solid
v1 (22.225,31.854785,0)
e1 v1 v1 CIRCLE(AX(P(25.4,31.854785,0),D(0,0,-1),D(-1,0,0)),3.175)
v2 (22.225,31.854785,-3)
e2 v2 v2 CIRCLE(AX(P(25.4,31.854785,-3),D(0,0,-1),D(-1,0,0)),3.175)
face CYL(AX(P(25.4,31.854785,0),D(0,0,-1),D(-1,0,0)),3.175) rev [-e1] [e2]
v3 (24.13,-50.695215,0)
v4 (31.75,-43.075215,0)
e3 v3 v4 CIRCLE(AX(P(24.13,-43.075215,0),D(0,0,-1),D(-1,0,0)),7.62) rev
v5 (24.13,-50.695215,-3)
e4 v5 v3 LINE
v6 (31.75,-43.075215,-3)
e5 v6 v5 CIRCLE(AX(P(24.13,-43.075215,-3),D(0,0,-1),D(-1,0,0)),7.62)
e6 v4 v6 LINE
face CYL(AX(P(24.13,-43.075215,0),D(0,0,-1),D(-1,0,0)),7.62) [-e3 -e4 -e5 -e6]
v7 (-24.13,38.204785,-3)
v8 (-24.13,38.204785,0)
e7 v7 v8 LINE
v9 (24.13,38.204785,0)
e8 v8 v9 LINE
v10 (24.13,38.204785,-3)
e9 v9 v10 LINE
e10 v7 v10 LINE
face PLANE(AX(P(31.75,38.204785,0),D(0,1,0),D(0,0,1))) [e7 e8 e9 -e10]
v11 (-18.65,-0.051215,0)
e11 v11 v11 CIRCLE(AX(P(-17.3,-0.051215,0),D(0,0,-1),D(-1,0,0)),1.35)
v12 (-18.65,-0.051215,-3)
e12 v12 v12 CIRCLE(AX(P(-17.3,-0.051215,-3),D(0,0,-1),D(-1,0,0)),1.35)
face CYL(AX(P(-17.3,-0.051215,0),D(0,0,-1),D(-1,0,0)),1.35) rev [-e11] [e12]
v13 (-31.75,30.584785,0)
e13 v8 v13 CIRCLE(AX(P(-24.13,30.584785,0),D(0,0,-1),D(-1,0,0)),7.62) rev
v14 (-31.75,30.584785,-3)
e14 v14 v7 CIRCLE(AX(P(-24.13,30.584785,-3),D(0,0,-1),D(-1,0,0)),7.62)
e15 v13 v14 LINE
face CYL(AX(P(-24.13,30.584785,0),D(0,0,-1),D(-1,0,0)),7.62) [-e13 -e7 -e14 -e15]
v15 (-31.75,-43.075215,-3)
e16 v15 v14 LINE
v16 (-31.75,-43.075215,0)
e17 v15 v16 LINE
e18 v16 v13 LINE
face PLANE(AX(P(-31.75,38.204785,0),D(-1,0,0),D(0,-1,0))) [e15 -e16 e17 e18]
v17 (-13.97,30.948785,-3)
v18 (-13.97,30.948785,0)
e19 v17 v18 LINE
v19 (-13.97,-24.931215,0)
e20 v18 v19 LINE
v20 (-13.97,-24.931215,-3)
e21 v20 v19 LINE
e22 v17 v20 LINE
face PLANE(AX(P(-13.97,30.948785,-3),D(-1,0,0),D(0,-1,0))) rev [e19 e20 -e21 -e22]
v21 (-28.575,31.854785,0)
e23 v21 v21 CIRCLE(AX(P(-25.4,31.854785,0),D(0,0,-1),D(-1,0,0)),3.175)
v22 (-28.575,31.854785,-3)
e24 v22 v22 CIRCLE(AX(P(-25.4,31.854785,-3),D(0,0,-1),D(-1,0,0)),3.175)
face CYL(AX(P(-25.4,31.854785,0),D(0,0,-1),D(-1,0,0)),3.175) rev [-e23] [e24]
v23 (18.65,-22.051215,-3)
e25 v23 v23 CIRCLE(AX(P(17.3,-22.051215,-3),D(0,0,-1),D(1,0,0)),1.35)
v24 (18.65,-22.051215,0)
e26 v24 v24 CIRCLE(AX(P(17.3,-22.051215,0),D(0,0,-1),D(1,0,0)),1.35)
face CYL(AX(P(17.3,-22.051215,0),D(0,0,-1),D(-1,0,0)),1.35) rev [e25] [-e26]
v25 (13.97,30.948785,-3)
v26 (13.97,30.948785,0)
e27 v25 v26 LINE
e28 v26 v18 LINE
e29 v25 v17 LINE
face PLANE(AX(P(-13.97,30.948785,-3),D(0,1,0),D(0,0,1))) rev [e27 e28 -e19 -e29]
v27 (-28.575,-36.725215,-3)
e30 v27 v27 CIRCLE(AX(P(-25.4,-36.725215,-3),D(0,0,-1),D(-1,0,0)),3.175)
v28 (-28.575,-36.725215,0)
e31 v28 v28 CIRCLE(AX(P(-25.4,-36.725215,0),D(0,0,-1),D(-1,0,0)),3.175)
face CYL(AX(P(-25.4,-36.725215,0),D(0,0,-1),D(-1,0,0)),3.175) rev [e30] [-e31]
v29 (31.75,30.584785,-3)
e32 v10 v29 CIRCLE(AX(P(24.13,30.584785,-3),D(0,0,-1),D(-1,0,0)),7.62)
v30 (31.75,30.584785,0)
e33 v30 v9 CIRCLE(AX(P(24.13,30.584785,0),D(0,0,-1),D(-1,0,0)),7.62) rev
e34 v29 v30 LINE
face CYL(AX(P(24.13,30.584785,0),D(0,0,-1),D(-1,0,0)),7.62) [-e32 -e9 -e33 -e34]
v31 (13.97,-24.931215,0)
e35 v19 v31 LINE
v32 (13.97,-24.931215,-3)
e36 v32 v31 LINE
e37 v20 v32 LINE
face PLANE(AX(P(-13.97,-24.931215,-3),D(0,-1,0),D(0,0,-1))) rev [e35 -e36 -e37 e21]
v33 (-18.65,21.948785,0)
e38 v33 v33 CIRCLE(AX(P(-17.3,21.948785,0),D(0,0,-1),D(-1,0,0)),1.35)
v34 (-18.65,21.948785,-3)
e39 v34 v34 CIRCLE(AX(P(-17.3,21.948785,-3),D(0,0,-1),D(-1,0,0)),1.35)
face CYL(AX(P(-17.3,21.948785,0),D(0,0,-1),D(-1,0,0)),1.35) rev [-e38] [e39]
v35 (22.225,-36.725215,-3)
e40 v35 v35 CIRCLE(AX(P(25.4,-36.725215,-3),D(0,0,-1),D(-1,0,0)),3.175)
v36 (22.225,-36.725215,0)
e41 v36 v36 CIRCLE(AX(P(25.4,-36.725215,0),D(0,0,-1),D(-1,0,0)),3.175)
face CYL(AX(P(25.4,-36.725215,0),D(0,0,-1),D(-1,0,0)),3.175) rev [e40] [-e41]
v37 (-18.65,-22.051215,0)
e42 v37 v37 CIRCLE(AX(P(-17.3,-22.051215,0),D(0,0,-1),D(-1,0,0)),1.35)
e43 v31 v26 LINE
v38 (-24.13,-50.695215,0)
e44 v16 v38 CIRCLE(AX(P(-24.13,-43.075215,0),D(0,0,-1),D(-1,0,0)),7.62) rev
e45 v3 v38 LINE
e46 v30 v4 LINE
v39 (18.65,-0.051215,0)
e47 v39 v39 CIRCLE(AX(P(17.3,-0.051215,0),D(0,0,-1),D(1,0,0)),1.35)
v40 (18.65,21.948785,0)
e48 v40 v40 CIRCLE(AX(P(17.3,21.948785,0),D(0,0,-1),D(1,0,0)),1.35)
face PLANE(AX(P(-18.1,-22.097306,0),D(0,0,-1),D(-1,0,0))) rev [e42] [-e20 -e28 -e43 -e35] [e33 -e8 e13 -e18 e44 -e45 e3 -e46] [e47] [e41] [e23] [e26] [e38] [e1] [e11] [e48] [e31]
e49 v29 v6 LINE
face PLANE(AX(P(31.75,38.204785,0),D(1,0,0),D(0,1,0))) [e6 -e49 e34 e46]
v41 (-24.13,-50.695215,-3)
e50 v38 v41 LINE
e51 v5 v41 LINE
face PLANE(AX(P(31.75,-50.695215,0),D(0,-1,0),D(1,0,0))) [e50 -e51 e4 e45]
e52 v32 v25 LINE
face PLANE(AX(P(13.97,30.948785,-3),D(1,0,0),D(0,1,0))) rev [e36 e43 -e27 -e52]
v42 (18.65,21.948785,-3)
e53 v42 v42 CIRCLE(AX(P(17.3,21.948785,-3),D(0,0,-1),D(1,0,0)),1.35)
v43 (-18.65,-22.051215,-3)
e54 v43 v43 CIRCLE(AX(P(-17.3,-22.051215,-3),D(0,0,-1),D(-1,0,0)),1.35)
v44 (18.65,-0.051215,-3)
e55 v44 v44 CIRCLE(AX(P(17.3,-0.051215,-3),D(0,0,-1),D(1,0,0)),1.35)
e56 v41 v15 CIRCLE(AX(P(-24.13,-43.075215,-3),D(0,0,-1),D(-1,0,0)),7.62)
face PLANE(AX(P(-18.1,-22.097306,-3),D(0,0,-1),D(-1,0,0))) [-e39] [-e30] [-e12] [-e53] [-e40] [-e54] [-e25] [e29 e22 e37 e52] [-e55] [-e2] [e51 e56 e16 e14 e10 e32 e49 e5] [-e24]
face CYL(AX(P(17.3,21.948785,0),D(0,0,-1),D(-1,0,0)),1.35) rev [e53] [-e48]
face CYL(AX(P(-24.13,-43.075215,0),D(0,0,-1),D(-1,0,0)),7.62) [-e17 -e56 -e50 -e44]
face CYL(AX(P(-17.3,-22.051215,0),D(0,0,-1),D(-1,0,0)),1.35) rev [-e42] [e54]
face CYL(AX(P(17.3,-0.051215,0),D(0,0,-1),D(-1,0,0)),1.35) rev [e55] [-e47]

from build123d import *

# Parameters (mm, degrees)
BOSS_EXTRUDE1_DEPTH = 3
SKETCH2_R           = 1.35
SKETCH2_R_2         = 1.385
CUT_EXTRUDE1_DEPTH  = 37.692131309
SKETCH3_W           = 63.5
SKETCH3_H           = 88.9
SKETCH3_W_2         = 38.321076004
SKETCH3_H_2         = 47.237540142
BOSS_EXTRUDE2_DEPTH = 3
SKETCH5_W           = 27.94
SKETCH5_H           = 55.88
CUT_EXTRUDE3_DEPTH  = 60.892131157
SKETCH6_R           = 3.175
CUT_EXTRUDE4_DEPTH  = 60.892131157
FILLET2_R           = 7.62


with BuildPart() as part:
    # Sketch1 → Boss-Extrude1 (new body)
    with BuildSketch(Plane.XY):
        with BuildLine():
            Line((-19.69889026, 23.2987845), (-14.850045261, 29.75147823))
            ThreePointArc((-14.850045261, 29.75147823), (-14.144755454, 30.339267512), (-13.251155001, 30.55))
            Line((-13.251155001, 30.55), (13.251155001, 30.55))
            ThreePointArc((13.251155001, 30.55), (14.144755454, 30.339267512), (14.850045261, 29.75147823))
            Line((14.850045261, 29.75147823), (19.69889026, 23.2987845))
            ThreePointArc((19.69889026, 23.2987845), (19.997074131, 22.730638521), (20.1, 22.09730627))
            Line((20.1, 22.09730627), (20.1, -22.09730627))
            ThreePointArc((20.1, -22.09730627), (19.997074131, -22.730638521), (19.69889026, -23.2987845))
            Line((19.69889026, -23.2987845), (14.850045261, -29.75147823))
            ThreePointArc((14.850045261, -29.75147823), (14.144755454, -30.339267512), (13.251155001, -30.55))
            Line((13.251155001, -30.55), (-13.251155001, -30.55))
            ThreePointArc((-13.251155001, -30.55), (-14.144755454, -30.339267512), (-14.850045261, -29.75147823))
            Line((-14.850045261, -29.75147823), (-19.69889026, -23.2987845))
            ThreePointArc((-19.69889026, -23.2987845), (-19.997074131, -22.730638521), (-20.1, -22.09730627))
            Line((-20.1, -22.09730627), (-20.1, 22.09730627))
            ThreePointArc((-20.1, 22.09730627), (-19.997074131, 22.730638521), (-19.69889026, 23.2987845))
        make_face()
    extrude(amount=-BOSS_EXTRUDE1_DEPTH)

    # Sketch2 → Cut-Extrude1 (cut, through all)
    with BuildSketch(Plane(origin=(0, 0, -3), x_dir=(-1, 0, 0), z_dir=(0, 0, -1))):
        with Locations((17.3, 21.9487845)):
            Circle(SKETCH2_R)
        with Locations((17.3, -0.0512155)):
            Circle(SKETCH2_R)
        with Locations((17.3, -22.0512155)):
            Circle(SKETCH2_R)
        with Locations((11, -27.75)):
            Circle(SKETCH2_R_2)
        with Locations(Location((-11, -27.75, 0), (0, 0, 180))):
            Circle(SKETCH2_R_2)
        with Locations(Location((-17.3, -22.0512155, 0), (0, 0, 180))):
            Circle(SKETCH2_R)
        with Locations(Location((-17.3, -0.0512155, 0), (0, 0, 180))):
            Circle(SKETCH2_R)
        with Locations(Location((-17.3, 21.9487845, 0), (0, 0, 180))):
            Circle(SKETCH2_R)
    extrude(amount=-CUT_EXTRUDE1_DEPTH, mode=Mode.SUBTRACT)

    # Sketch3 → Boss-Extrude2 (add)
    with BuildSketch(Plane(origin=(0, 0, -3), x_dir=(-1, 0, 0), z_dir=(0, 0, -1))):
        with Locations((0, -6.2452155)):
            Rectangle(SKETCH3_W, SKETCH3_H)
        Rectangle(SKETCH3_W_2, SKETCH3_H_2, mode=Mode.SUBTRACT)
    extrude(amount=-BOSS_EXTRUDE2_DEPTH)

    # Sketch5 → Cut-Extrude3 (cut, through all)
    with BuildSketch(Plane.XY):
        with Locations((0, 3.0087845)):
            Rectangle(SKETCH5_W, SKETCH5_H)
    extrude(amount=-CUT_EXTRUDE3_DEPTH, mode=Mode.SUBTRACT)

    # Sketch6 → Cut-Extrude4 (cut, through all)
    with BuildSketch(Plane(origin=(0, 0, -3), x_dir=(-1, 0, 0), z_dir=(0, 0, -1))):
        with Locations((25.4, 31.8547845)):
            Circle(SKETCH6_R)
        with Locations((-25.4, 31.8547845)):
            Circle(SKETCH6_R)
        with Locations((-25.4, -36.7252155)):
            Circle(SKETCH6_R)
        with Locations((25.4, -36.7252155)):
            Circle(SKETCH6_R)
    extrude(amount=-CUT_EXTRUDE4_DEPTH, mode=Mode.SUBTRACT)

    # Fillet2
    fillet2_edges = [part.edges().sort_by_distance(p)[0] for p in [
        (-31.75, 38.2047845, -1.5),
        (-31.75, -50.6952155, -1.5),
        (31.75, -50.6952155, -1.5),
        (31.75, 38.2047845, -1.5),
    ]]
    fillet(fillet2_edges, radius=FILLET2_R)


solid = part.part
